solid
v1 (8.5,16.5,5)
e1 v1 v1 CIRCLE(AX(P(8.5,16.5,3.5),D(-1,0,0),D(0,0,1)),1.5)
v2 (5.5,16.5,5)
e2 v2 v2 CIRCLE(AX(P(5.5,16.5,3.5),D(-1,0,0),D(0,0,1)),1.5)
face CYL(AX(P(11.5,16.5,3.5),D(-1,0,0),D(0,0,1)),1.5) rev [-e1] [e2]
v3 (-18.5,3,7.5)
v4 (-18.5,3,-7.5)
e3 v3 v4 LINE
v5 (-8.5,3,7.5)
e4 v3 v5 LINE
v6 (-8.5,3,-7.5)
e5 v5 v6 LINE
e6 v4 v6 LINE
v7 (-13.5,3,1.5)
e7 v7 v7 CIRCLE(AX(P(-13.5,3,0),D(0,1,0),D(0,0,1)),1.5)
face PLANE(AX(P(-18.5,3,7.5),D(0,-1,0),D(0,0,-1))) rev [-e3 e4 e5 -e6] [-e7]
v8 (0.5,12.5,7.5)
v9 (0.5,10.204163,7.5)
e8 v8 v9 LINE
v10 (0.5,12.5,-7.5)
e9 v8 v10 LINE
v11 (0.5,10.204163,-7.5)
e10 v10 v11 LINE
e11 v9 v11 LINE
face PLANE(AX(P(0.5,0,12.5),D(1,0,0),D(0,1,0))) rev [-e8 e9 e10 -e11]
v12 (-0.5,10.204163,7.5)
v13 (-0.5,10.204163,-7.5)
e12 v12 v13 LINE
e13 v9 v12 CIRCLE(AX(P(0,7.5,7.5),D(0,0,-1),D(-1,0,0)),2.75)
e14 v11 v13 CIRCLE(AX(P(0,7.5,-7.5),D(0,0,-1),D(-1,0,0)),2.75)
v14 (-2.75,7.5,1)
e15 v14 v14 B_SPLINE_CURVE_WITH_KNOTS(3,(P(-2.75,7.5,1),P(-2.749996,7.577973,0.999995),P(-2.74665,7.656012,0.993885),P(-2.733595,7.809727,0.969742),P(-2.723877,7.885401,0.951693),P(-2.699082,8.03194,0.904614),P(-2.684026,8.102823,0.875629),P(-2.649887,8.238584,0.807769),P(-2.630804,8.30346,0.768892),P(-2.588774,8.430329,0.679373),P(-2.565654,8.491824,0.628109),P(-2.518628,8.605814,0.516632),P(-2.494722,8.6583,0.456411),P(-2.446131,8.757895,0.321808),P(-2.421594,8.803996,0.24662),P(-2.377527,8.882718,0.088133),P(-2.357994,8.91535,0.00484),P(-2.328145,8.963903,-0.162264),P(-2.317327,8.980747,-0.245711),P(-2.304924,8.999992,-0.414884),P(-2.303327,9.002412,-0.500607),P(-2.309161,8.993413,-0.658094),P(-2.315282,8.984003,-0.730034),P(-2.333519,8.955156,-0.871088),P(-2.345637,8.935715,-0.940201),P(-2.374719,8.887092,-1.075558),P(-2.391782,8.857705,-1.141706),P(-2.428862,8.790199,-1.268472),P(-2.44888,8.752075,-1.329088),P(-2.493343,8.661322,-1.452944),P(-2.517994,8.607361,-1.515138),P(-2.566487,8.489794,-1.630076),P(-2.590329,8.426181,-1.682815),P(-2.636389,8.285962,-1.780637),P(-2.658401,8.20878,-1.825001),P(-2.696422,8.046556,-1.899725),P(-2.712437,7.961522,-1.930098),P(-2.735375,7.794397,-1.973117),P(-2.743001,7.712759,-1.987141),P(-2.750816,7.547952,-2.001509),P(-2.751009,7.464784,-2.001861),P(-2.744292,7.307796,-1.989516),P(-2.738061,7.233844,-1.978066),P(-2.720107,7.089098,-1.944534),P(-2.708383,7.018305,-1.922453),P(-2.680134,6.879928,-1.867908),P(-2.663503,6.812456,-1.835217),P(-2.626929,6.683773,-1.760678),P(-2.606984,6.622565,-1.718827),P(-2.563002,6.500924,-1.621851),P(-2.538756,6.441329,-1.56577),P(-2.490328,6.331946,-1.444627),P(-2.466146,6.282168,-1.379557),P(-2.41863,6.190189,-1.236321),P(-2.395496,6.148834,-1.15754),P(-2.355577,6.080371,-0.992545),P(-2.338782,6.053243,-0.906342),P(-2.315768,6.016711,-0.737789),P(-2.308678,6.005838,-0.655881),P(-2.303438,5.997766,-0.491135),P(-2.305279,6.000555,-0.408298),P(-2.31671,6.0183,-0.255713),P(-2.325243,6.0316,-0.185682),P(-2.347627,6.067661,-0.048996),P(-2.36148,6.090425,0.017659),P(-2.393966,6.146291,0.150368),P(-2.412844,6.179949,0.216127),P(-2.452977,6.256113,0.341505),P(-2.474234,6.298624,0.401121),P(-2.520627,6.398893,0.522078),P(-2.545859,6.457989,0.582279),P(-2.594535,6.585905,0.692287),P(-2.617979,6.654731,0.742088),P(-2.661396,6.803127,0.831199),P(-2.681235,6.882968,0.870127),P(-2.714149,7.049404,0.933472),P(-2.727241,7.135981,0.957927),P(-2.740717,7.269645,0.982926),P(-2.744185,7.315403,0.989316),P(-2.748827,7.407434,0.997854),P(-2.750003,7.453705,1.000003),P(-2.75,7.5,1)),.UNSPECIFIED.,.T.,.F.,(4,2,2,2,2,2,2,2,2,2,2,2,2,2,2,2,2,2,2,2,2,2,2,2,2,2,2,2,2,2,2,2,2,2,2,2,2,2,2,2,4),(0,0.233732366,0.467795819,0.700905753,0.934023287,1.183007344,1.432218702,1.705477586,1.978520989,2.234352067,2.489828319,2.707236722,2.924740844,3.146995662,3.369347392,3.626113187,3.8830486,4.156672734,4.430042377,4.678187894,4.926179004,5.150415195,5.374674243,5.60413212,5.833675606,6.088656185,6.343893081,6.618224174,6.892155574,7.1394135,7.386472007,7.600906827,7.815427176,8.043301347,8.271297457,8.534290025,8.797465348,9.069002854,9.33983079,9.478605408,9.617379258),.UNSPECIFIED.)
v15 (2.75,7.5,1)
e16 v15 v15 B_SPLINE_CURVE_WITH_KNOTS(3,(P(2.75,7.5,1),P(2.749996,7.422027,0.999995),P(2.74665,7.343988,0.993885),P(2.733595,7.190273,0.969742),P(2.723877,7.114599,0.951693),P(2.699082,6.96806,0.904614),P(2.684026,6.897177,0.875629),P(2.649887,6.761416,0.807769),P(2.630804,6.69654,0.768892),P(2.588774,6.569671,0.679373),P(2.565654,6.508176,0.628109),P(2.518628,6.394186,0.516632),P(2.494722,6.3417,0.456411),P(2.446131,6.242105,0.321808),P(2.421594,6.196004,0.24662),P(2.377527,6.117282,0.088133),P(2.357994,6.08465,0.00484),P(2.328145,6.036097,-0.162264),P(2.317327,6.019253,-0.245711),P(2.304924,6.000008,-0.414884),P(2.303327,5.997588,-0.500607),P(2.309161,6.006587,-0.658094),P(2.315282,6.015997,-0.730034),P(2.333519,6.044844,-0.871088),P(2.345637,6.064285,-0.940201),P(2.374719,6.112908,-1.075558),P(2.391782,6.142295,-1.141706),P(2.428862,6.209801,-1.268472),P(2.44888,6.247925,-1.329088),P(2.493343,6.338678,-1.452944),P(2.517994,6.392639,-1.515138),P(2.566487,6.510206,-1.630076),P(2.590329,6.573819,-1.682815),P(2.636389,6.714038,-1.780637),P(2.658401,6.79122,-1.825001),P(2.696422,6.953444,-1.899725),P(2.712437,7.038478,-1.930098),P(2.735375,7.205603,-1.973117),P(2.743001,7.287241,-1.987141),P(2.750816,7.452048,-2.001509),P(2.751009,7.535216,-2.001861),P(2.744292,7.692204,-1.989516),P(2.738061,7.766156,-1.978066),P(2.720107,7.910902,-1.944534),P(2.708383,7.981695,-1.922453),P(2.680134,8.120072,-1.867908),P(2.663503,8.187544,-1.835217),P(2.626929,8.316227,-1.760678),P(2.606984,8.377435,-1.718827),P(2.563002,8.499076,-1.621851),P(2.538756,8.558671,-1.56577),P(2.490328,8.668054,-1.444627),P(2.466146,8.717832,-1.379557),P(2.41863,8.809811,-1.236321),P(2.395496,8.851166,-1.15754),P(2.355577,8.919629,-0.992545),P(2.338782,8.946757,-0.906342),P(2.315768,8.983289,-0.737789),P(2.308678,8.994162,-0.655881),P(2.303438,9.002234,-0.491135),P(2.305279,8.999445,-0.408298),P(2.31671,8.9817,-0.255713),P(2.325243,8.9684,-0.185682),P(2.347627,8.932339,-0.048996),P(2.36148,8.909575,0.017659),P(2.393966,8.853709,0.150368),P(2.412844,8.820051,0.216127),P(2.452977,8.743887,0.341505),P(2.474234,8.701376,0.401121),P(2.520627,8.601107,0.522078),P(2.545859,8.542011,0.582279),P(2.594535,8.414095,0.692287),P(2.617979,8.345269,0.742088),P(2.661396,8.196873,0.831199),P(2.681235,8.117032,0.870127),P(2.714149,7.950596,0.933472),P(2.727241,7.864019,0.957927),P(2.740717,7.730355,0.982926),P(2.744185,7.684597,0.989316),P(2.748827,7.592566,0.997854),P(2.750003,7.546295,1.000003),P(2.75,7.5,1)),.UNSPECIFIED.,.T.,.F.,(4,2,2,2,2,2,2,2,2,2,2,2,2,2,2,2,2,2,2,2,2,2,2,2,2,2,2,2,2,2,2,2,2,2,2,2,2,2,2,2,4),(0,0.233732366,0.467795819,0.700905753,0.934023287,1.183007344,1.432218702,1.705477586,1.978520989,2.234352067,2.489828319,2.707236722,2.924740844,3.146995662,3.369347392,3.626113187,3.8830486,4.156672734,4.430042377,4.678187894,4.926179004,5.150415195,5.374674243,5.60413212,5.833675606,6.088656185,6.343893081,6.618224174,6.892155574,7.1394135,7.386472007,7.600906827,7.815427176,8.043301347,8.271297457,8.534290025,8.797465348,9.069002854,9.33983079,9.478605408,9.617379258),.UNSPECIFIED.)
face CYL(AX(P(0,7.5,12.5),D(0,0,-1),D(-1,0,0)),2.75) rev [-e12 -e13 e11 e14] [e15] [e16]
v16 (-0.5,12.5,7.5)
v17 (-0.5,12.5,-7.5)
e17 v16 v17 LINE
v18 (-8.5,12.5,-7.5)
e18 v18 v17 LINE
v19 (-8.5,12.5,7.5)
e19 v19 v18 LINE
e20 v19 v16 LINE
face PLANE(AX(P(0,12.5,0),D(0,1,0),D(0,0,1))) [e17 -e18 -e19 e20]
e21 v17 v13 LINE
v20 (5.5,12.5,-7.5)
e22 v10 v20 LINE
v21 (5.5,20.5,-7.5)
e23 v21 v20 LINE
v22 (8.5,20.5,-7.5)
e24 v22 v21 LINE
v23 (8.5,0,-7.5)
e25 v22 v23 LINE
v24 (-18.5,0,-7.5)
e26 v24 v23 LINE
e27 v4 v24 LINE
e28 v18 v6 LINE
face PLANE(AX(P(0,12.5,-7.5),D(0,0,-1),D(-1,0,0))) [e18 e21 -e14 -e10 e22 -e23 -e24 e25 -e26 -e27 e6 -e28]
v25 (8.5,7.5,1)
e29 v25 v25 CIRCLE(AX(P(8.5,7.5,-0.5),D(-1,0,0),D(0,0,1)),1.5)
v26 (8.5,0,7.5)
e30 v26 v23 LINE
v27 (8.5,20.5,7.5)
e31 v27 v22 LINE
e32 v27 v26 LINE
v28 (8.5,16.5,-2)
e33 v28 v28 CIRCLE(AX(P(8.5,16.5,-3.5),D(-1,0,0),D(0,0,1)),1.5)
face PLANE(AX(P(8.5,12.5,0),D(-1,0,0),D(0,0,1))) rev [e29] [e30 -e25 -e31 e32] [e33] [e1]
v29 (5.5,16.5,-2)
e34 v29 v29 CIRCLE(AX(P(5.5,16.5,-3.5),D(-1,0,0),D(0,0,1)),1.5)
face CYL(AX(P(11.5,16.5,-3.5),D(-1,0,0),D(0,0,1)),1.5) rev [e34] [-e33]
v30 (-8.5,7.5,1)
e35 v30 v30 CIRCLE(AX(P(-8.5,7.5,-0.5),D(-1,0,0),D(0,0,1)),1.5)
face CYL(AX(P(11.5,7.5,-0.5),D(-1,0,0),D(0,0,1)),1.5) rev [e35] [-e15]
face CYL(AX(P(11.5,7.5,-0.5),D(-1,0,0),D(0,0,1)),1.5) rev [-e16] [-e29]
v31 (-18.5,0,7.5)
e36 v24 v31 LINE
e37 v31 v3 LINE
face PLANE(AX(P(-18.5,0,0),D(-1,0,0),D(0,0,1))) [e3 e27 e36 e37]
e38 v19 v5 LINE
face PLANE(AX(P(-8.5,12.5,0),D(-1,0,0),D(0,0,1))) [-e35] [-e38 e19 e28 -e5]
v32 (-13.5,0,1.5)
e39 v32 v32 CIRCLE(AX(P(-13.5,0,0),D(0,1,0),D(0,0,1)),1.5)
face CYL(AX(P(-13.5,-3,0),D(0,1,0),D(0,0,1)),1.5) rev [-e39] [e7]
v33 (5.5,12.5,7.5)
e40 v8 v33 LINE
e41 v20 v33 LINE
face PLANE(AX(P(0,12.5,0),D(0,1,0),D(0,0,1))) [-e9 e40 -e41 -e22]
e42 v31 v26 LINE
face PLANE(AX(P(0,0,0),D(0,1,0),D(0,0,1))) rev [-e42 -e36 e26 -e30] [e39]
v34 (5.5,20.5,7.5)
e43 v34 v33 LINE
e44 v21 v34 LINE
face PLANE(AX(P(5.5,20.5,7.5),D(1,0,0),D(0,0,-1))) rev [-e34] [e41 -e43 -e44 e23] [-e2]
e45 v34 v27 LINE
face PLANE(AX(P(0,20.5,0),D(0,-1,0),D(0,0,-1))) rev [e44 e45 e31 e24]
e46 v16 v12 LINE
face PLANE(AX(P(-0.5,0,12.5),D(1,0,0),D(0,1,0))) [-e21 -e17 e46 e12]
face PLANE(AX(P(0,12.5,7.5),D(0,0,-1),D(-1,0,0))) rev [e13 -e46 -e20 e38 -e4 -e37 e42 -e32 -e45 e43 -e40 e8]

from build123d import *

# Parameters (mm, degrees)
CROQUIS1_W              = 17
CROQUIS1_H              = 15
SALIENTE_EXTRUIR1_DEPTH = 12.5
CROQUIS2_R              = 2.75
CORTAR_EXTRUIR1_DEPTH   = 20
CROQUIS4_R              = 1.5
CORTAR_EXTRUIR3_DEPTH   = 20
CROQUIS8_W              = 15
CROQUIS8_H              = 3
SALIENTE_EXTRUIR2_DEPTH = 10
CROQUIS9_R              = 1.5
CORTAR_EXTRUIR6_DEPTH   = 6
CROQUIS10_W             = 3
CROQUIS10_H             = 15
SALIENTE_EXTRUIR3_DEPTH = 8
CROQUIS11_R             = 1.5
CORTAR_EXTRUIR8_DEPTH   = 6


with BuildPart() as part:
    # Croquis1 → Saliente-Extruir1 (new body)
    with BuildSketch(Plane(origin=(0, 0, 0), x_dir=(1, 0, 0), z_dir=(0, 1, 0))):
        Rectangle(CROQUIS1_W, CROQUIS1_H)
    extrude(amount=SALIENTE_EXTRUIR1_DEPTH)

    # Croquis2 → Cortar-Extruir1 (cut)
    with BuildSketch(Plane(origin=(0, 0, -7.5), x_dir=(-1, 0, 0), z_dir=(0, 0, -1))):
        with Locations((0, 7.5)):
            Circle(CROQUIS2_R)
        with BuildLine():
            Line((0.5, 12.5), (-0.5, 12.5))
            Line((-0.5, 12.5), (-0.5, 10.204163457))
            ThreePointArc((-0.5, 10.204163457), (0, 10.25), (0.5, 10.204163457))
            Line((0.5, 10.204163457), (0.5, 12.5))
        make_face()
    extrude(amount=-CORTAR_EXTRUIR1_DEPTH, mode=Mode.SUBTRACT)

    # Croquis4 → Cortar-Extruir3 (cut)
    with BuildSketch(Plane.ZY.offset(8.5)):
        with Locations((-0.5, 7.5)):
            Circle(CROQUIS4_R)
    extrude(amount=-CORTAR_EXTRUIR3_DEPTH, mode=Mode.SUBTRACT)

    # Croquis8 → Saliente-Extruir2 (add)
    with BuildSketch(Plane.ZY.offset(8.5)):
        with Locations((0, 1.5)):
            Rectangle(CROQUIS8_W, CROQUIS8_H)
    extrude(amount=SALIENTE_EXTRUIR2_DEPTH)

    # Croquis9 → Cortar-Extruir6 (cut)
    with BuildSketch(Plane(origin=(0, 3, 0), x_dir=(1, 0, 0), z_dir=(0, 1, 0))):
        with Locations((-13.5, 0)):
            Circle(CROQUIS9_R)
    extrude(amount=-CORTAR_EXTRUIR6_DEPTH, mode=Mode.SUBTRACT)

    # Croquis10 → Saliente-Extruir3 (add)
    with BuildSketch(Plane(origin=(0, 12.5, 0), x_dir=(1, 0, 0), z_dir=(0, 1, 0))):
        with Locations((7, 0)):
            Rectangle(CROQUIS10_W, CROQUIS10_H)
    extrude(amount=SALIENTE_EXTRUIR3_DEPTH)

    # Croquis11 → Cortar-Extruir8 (cut)
    with BuildSketch(Plane.ZY.offset(-5.5)):
        with Locations((3.5, 16.5)):
            Circle(CROQUIS11_R)
        with Locations((-3.5, 16.5)):
            Circle(CROQUIS11_R)
    extrude(amount=-CORTAR_EXTRUIR8_DEPTH, mode=Mode.SUBTRACT)


solid = part.part
